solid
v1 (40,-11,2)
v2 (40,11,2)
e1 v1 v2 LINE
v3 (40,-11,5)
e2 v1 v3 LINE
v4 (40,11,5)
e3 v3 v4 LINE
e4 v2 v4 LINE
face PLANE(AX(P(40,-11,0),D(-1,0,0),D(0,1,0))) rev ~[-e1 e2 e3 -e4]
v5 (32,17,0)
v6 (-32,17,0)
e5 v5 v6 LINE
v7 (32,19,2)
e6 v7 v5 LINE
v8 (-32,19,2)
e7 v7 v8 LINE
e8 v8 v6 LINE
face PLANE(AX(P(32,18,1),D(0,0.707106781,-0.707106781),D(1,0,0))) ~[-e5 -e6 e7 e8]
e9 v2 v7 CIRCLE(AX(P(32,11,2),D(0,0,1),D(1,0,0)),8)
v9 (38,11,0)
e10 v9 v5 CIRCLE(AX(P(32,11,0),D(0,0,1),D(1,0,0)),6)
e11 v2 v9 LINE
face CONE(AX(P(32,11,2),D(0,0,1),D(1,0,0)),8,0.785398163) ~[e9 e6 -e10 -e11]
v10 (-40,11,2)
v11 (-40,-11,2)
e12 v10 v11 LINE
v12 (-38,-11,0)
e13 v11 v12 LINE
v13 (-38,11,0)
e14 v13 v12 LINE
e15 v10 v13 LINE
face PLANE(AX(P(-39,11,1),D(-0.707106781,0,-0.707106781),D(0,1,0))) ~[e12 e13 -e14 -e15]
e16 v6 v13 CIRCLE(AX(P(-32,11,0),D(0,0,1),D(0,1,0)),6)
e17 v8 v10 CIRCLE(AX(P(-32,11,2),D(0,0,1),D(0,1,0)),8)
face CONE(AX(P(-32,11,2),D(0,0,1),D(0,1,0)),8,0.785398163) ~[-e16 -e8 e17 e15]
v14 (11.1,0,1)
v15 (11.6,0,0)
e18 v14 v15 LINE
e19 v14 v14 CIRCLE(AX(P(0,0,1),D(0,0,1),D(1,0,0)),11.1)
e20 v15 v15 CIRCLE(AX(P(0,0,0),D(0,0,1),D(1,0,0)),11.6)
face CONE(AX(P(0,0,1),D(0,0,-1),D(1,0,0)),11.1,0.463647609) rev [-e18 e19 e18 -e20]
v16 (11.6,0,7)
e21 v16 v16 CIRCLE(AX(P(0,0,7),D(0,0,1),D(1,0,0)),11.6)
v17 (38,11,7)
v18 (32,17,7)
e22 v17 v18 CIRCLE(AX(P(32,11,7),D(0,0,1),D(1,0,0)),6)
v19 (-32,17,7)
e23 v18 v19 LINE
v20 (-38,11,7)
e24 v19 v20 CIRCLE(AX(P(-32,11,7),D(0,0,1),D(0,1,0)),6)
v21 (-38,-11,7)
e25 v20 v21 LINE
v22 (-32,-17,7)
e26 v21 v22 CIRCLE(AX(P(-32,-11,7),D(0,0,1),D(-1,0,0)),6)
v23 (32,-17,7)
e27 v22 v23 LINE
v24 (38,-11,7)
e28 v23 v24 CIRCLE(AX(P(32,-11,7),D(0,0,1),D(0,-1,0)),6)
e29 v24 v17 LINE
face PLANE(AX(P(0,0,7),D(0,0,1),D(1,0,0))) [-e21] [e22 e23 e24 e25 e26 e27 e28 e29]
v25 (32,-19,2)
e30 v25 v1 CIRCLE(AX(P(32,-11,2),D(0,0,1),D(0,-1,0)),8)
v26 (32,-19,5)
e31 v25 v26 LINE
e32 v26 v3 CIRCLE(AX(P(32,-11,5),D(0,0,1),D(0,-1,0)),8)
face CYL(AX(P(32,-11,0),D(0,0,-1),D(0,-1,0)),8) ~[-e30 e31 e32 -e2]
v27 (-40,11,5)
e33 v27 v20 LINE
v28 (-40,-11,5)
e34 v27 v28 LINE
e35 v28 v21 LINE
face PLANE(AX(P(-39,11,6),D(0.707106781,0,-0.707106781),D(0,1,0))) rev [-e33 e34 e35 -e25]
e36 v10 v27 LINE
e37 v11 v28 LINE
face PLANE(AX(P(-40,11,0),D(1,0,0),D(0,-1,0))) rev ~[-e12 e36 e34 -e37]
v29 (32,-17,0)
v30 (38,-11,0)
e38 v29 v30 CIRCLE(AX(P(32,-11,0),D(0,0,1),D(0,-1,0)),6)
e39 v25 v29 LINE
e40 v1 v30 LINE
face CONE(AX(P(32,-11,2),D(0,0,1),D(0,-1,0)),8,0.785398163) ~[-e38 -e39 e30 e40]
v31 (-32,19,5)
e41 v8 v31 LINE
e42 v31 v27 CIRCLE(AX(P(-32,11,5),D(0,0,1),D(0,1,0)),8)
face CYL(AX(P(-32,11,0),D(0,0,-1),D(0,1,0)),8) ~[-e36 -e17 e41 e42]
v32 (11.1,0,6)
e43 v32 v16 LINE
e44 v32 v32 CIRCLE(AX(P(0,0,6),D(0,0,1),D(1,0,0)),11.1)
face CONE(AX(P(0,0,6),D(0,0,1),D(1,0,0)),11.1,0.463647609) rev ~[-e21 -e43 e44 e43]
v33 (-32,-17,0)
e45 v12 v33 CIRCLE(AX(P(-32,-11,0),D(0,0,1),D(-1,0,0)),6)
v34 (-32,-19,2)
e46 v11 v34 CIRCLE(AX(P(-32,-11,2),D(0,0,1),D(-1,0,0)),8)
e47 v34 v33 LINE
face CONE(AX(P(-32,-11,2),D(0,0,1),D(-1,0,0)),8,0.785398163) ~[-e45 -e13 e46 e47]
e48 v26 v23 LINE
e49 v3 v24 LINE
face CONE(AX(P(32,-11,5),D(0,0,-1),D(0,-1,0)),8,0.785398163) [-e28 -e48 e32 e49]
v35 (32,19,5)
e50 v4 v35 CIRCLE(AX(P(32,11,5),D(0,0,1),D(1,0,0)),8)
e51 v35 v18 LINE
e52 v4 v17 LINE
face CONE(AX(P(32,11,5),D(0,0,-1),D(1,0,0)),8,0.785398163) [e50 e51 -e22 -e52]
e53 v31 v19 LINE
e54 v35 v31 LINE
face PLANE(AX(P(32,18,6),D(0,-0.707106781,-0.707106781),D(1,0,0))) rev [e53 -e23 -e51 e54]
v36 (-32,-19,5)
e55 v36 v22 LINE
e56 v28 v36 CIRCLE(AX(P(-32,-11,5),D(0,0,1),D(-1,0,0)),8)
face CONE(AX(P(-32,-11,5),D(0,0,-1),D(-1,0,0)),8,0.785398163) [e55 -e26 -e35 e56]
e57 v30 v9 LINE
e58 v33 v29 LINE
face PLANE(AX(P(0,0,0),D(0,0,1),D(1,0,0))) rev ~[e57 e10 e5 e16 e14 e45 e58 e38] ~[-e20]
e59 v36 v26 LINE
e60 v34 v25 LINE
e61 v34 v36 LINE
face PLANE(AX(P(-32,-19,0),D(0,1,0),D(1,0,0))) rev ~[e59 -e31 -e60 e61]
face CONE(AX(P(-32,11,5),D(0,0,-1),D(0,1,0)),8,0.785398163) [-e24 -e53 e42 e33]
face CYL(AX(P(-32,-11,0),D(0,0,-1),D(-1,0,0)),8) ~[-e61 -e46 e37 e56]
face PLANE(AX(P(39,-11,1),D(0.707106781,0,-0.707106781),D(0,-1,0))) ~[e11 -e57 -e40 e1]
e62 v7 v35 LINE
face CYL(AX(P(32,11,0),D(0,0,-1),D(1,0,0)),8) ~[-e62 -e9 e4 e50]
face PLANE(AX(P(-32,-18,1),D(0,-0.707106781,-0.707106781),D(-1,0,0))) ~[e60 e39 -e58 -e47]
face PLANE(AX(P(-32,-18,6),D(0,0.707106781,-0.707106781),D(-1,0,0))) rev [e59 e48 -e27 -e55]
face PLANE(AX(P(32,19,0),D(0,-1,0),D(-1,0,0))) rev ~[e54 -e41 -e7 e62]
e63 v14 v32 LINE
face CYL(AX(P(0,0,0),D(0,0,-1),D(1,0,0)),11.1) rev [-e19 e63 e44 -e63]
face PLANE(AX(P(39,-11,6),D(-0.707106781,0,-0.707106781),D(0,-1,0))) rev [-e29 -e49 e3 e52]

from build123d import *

# Parameters (mm, degrees)
F0_R     = 11.1
F1_DEPTH = 7
F2_SIZE  = 2
F3_SIZE2 = 0.5
F3_SIZE  = 1


with BuildPart() as f1:
    # F0 (on Top) → F1 (new body)
    with BuildSketch(Plane.XY):
        with BuildLine():
            Line((-32, -19), (32, -19))
            ThreePointArc((32, -19), (37.6568542495, -16.6568542495), (40, -11))
            Line((40, -11), (40, 11))
            ThreePointArc((40, 11), (37.6568542495, 16.6568542495), (32, 19))
            Line((32, 19), (-32, 19))
            ThreePointArc((-32, 19), (-37.6568542495, 16.6568542495), (-40, 11))
            Line((-40, 11), (-40, -11))
            ThreePointArc((-40, -11), (-37.6568542495, -16.6568542495), (-32, -19))
        make_face()
        Circle(F0_R, mode=Mode.SUBTRACT)
    extrude(amount=F1_DEPTH)

    # F2
    f2_edges = [f1.edges().sort_by_distance(p)[0] for p in [
        (0, -19, 7),
        (0, -19, 0),
    ]]
    chamfer(f2_edges, length=F2_SIZE)

    # F3
    f3_edges = [f1.edges().sort_by_distance(p)[0] for p in [
        (-11.1, 0, 7),
        (-11.1, 0, 0),
    ]]
    f3_side = f1.faces().sort_by_distance((-11.1, 0, 3.5))[0]
    chamfer(f3_edges, length=F3_SIZE, length2=F3_SIZE2, reference=f3_side)


solid = f1.part
